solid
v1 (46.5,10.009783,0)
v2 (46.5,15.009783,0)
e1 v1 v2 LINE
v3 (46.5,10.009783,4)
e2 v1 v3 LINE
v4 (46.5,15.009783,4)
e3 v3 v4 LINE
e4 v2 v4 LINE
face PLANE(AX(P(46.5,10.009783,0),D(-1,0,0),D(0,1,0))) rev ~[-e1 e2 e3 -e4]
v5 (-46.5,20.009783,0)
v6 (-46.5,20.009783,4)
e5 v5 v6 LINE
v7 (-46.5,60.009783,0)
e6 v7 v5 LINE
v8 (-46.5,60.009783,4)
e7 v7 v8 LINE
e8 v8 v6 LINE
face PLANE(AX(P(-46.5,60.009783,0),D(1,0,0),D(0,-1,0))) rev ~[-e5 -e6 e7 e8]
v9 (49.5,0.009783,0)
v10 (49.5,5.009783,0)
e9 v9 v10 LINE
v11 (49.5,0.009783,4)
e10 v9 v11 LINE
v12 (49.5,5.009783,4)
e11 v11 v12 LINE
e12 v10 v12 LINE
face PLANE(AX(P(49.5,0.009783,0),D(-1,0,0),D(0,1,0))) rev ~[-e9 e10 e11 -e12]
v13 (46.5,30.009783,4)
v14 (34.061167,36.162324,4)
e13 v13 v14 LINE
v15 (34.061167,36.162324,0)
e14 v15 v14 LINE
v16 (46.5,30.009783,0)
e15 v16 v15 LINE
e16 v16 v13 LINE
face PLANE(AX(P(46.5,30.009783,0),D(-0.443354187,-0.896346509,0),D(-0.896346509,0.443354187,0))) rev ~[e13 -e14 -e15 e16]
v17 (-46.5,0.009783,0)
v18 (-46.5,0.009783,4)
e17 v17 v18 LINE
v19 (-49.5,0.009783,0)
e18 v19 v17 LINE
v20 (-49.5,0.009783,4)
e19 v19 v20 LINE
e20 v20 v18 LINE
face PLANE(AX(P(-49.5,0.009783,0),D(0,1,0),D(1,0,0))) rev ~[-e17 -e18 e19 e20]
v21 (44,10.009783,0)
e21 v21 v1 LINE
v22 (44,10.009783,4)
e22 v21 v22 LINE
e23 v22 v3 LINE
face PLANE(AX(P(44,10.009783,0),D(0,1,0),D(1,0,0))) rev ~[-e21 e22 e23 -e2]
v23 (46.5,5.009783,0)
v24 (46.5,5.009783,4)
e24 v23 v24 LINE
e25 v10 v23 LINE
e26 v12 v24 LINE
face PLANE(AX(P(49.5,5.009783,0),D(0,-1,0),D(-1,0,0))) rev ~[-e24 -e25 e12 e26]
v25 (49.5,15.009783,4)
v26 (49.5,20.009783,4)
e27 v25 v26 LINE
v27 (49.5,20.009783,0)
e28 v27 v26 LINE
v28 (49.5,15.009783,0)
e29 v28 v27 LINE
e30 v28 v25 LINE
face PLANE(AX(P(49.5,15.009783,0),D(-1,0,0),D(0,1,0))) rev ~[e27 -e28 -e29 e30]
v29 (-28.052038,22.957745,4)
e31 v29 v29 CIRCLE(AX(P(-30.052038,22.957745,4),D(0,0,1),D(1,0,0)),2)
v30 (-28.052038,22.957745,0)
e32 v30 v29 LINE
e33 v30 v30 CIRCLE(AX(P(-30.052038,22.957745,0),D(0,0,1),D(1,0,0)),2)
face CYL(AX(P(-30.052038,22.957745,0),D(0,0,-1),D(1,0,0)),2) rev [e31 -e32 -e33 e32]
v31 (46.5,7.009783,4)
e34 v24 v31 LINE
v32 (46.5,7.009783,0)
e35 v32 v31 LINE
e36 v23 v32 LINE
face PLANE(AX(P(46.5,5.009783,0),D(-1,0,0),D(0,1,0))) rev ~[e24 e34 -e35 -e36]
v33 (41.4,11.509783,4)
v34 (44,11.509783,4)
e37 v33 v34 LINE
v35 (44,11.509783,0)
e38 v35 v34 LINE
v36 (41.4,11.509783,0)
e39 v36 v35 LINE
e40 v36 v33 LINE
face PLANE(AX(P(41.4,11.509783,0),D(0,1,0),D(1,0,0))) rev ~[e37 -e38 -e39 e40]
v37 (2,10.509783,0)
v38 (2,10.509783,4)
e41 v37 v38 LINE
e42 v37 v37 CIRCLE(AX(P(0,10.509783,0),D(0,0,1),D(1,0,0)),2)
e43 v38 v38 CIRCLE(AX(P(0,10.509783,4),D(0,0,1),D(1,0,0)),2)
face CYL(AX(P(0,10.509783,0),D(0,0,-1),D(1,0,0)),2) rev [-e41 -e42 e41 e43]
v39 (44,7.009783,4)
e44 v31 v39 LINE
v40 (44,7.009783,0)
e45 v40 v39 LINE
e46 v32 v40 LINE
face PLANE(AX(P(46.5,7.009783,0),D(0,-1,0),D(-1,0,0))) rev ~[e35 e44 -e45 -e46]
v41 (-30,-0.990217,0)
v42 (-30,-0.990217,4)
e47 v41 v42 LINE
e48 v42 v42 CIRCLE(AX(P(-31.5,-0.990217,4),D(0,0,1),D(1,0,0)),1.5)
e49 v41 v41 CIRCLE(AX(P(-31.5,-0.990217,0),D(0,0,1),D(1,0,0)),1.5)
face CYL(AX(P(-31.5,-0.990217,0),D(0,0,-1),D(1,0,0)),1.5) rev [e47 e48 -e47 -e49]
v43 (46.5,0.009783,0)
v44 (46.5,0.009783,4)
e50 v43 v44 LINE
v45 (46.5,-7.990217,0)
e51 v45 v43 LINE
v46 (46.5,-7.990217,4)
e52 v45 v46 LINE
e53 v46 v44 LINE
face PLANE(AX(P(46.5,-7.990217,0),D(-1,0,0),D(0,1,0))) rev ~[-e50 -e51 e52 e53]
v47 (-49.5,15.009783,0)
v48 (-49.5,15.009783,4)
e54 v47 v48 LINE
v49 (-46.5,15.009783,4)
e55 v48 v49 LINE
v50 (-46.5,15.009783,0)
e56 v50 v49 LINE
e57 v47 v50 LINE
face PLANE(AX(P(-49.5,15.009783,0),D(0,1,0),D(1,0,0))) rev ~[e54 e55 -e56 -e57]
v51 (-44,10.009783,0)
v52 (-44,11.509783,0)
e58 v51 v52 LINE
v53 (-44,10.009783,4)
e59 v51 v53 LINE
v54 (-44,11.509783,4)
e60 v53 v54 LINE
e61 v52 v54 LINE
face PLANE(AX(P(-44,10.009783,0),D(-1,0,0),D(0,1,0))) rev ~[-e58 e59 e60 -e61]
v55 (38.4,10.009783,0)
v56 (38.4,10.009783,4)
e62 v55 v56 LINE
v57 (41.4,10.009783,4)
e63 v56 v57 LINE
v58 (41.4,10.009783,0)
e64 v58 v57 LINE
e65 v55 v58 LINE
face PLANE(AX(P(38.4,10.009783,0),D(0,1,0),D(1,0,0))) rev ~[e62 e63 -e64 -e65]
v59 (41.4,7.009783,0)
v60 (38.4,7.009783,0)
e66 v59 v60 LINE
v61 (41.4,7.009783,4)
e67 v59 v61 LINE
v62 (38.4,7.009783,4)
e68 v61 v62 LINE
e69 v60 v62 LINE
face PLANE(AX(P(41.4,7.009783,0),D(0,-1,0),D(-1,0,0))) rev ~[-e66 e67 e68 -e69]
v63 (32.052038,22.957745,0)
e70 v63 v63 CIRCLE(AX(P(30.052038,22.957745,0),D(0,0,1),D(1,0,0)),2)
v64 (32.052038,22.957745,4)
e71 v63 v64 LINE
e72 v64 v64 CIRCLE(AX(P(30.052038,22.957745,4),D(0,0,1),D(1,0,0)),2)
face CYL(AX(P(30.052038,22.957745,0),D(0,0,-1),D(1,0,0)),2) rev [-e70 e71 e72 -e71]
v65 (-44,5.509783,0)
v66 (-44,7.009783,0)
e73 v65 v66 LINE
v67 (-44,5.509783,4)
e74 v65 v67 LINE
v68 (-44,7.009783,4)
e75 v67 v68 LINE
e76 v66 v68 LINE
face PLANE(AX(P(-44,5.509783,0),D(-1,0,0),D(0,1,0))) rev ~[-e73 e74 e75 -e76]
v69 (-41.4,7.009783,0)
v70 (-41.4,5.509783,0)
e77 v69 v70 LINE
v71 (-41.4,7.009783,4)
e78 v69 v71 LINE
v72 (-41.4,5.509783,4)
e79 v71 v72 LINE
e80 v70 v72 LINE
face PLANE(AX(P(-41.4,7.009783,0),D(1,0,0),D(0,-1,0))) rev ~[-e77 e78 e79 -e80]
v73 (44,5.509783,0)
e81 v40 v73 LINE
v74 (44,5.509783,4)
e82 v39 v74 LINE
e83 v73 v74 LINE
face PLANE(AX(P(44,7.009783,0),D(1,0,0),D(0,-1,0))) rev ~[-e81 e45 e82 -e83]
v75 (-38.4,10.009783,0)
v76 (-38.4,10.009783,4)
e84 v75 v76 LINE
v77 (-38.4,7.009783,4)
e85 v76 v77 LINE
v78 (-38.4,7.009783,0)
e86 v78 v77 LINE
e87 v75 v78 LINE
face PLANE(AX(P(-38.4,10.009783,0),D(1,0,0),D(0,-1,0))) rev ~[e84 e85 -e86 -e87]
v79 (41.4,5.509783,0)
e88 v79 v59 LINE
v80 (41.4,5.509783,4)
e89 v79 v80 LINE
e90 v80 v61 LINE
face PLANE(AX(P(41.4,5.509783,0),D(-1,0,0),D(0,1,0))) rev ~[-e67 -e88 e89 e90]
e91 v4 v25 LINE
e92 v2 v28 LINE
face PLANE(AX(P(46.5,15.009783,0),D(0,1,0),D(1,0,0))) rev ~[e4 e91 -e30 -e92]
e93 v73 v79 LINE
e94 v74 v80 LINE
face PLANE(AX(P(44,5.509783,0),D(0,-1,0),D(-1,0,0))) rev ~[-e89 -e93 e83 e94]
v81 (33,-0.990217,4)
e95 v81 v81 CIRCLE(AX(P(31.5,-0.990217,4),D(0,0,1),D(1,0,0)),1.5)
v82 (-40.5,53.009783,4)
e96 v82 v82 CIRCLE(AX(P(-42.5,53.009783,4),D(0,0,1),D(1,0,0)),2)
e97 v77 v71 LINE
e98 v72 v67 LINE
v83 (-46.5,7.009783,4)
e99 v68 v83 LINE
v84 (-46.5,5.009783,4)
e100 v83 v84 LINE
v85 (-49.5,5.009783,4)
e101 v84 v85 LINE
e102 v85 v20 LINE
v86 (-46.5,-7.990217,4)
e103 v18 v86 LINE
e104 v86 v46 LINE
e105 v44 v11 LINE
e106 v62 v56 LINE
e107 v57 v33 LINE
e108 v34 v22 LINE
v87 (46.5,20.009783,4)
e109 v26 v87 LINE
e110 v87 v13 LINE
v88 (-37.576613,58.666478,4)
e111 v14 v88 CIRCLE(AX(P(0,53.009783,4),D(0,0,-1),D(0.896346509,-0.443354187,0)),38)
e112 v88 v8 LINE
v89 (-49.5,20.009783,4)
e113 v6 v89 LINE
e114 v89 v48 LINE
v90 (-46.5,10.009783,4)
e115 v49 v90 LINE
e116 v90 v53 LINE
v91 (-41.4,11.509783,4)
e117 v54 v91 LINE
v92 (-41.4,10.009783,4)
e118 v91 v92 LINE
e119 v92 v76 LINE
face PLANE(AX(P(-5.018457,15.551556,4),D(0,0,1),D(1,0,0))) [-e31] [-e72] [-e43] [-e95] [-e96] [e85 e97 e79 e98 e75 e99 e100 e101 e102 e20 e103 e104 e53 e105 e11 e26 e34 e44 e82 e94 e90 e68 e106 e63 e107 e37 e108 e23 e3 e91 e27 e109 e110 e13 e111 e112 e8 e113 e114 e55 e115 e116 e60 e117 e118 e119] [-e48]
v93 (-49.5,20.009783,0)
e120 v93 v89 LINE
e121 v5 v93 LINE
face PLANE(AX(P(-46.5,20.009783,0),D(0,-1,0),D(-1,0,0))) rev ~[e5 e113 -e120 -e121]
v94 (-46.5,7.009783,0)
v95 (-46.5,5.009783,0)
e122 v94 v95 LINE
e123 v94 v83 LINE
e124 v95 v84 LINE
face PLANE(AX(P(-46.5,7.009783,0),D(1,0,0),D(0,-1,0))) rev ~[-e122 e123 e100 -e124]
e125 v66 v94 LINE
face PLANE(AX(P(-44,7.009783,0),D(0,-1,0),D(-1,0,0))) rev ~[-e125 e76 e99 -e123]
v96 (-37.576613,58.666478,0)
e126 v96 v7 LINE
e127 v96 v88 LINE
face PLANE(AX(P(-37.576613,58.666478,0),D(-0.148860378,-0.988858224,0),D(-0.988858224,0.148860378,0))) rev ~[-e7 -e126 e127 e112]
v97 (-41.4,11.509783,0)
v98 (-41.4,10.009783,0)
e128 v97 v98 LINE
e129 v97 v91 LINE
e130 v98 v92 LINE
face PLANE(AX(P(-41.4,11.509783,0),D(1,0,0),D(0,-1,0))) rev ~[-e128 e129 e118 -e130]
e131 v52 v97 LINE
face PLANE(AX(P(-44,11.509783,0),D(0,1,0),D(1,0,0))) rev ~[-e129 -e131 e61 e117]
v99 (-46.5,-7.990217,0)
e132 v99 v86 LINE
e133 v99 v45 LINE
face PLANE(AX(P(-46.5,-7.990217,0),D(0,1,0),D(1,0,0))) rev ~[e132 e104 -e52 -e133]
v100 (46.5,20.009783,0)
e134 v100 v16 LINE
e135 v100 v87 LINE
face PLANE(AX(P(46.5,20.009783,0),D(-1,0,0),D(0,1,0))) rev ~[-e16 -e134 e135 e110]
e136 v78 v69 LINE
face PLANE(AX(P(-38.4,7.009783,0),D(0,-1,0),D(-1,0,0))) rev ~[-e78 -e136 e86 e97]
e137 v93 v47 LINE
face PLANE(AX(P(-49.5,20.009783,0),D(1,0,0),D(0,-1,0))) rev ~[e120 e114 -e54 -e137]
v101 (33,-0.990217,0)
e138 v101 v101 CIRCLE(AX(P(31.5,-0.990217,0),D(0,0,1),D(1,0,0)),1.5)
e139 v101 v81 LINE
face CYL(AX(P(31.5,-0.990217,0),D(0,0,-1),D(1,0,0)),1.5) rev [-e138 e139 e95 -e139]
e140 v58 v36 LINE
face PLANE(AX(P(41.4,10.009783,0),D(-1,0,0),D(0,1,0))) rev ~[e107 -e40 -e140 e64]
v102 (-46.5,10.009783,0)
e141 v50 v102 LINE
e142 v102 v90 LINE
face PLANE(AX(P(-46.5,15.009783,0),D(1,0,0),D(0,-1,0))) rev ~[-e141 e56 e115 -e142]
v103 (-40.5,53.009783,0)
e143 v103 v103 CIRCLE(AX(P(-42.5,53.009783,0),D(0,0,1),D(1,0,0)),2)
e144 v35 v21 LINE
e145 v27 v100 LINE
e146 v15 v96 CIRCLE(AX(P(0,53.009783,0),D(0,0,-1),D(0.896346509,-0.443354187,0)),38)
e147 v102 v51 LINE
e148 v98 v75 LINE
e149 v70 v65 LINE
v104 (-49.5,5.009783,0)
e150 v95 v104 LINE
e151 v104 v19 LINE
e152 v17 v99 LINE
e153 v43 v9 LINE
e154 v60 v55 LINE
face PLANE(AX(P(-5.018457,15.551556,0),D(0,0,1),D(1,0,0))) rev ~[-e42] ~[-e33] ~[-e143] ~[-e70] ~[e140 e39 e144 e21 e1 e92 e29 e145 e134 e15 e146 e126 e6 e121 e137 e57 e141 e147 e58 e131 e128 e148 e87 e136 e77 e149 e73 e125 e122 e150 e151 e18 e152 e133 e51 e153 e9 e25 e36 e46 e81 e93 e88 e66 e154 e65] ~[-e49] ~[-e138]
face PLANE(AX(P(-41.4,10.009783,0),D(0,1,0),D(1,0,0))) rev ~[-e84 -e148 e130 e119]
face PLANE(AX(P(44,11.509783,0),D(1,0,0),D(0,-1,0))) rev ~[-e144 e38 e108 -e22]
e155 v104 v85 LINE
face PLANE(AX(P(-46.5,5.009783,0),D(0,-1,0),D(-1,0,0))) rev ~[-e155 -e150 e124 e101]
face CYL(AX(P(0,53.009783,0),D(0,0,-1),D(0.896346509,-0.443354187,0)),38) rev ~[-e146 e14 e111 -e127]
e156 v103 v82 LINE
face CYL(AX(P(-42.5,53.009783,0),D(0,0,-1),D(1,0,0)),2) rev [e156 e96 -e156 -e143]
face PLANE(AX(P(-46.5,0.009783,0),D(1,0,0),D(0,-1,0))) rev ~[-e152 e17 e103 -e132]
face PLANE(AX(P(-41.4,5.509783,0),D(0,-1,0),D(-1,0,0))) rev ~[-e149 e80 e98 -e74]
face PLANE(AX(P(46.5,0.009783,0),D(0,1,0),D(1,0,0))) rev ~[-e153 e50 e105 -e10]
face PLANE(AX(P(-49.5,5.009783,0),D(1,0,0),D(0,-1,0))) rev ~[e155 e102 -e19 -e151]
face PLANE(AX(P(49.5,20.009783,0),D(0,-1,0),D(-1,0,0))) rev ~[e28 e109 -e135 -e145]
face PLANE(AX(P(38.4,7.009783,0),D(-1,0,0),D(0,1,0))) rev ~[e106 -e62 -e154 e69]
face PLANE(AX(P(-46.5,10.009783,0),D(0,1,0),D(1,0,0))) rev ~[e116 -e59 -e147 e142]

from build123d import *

# Parameters (mm, degrees)
SKETCH_3_R      = 1.5
SKETCH_3_R_2    = 2
EXTRUDE_1_DEPTH = 4


with BuildPart() as part:
    # 草图3 → 凸台-拉伸1 (new body)
    with BuildSketch(Plane.XY):
        with BuildLine():
            Line((-46.5, -7.990216685), (46.5, -7.990216685))
            Line((46.5, -7.990216685), (46.5, 0.009783315))
            Line((46.5, 0.009783315), (49.5, 0.009783315))
            Line((49.5, 0.009783315), (49.5, 5.009783315))
            Line((49.5, 5.009783315), (46.5, 5.009783315))
            Line((46.5, 5.009783315), (46.5, 7.009783315))
            Line((46.5, 7.009783315), (44, 7.009783315))
            Line((44, 7.009783315), (44, 5.509783315))
            Line((44, 5.509783315), (41.4, 5.509783315))
            Line((41.4, 5.509783315), (41.4, 7.009783315))
            Line((41.4, 7.009783315), (38.4, 7.009783315))
            Line((38.4, 7.009783315), (38.4, 10.009783315))
            Line((38.4, 10.009783315), (41.4, 10.009783315))
            Line((41.4, 10.009783315), (41.4, 11.509783315))
            Line((41.4, 11.509783315), (44, 11.509783315))
            Line((44, 11.509783315), (44, 10.009783315))
            Line((44, 10.009783315), (46.5, 10.009783315))
            Line((46.5, 10.009783315), (46.5, 15.009783315))
            Line((46.5, 15.009783315), (49.5, 15.009783315))
            Line((49.5, 15.009783315), (49.5, 20.009783315))
            Line((49.5, 20.009783315), (46.5, 20.009783315))
            Line((46.5, 20.009783315), (46.5, 30.009783315))
            Line((46.5, 30.009783315), (34.06116735, 36.162324196))
            ThreePointArc((34.06116735, 36.162324196), (-11.38853896, 16.756491321), (-37.576612526, 58.666477673))
            Line((-37.576612526, 58.666477673), (-46.5, 60.009783315))
            Line((-46.5, 60.009783315), (-46.5, 20.009783315))
            Line((-46.5, 20.009783315), (-49.5, 20.009783315))
            Line((-49.5, 20.009783315), (-49.5, 15.009783315))
            Line((-49.5, 15.009783315), (-46.5, 15.009783315))
            Line((-46.5, 15.009783315), (-46.5, 10.009783315))
            Line((-46.5, 10.009783315), (-44, 10.009783315))
            Line((-44, 10.009783315), (-44, 11.509783315))
            Line((-44, 11.509783315), (-41.4, 11.509783315))
            Line((-41.4, 11.509783315), (-41.4, 10.009783315))
            Line((-41.4, 10.009783315), (-38.4, 10.009783315))
            Line((-38.4, 10.009783315), (-38.4, 7.009783315))
            Line((-38.4, 7.009783315), (-41.4, 7.009783315))
            Line((-41.4, 7.009783315), (-41.4, 5.509783315))
            Line((-41.4, 5.509783315), (-44, 5.509783315))
            Line((-44, 5.509783315), (-44, 7.009783315))
            Line((-44, 7.009783315), (-46.5, 7.009783315))
            Line((-46.5, 7.009783315), (-46.5, 5.009783315))
            Line((-46.5, 5.009783315), (-49.5, 5.009783315))
            Line((-49.5, 5.009783315), (-49.5, 0.009783315))
            Line((-49.5, 0.009783315), (-46.5, 0.009783315))
            Line((-46.5, 0.009783315), (-46.5, -7.990216685))
        make_face()
        with Locations((-31.5, -0.990216685)):
            Circle(SKETCH_3_R, mode=Mode.SUBTRACT)
        with Locations((31.5, -0.990216685)):
            Circle(SKETCH_3_R, mode=Mode.SUBTRACT)
        with Locations((0, 10.509783315)):
            Circle(SKETCH_3_R_2, mode=Mode.SUBTRACT)
        with Locations((-30.0520382, 22.957745114)):
            Circle(SKETCH_3_R_2, mode=Mode.SUBTRACT)
        with Locations((-42.5, 53.009783315)):
            Circle(SKETCH_3_R_2, mode=Mode.SUBTRACT)
        with Locations((30.0520382, 22.957745114)):
            Circle(SKETCH_3_R_2, mode=Mode.SUBTRACT)
    extrude(amount=EXTRUDE_1_DEPTH)


solid = part.part
